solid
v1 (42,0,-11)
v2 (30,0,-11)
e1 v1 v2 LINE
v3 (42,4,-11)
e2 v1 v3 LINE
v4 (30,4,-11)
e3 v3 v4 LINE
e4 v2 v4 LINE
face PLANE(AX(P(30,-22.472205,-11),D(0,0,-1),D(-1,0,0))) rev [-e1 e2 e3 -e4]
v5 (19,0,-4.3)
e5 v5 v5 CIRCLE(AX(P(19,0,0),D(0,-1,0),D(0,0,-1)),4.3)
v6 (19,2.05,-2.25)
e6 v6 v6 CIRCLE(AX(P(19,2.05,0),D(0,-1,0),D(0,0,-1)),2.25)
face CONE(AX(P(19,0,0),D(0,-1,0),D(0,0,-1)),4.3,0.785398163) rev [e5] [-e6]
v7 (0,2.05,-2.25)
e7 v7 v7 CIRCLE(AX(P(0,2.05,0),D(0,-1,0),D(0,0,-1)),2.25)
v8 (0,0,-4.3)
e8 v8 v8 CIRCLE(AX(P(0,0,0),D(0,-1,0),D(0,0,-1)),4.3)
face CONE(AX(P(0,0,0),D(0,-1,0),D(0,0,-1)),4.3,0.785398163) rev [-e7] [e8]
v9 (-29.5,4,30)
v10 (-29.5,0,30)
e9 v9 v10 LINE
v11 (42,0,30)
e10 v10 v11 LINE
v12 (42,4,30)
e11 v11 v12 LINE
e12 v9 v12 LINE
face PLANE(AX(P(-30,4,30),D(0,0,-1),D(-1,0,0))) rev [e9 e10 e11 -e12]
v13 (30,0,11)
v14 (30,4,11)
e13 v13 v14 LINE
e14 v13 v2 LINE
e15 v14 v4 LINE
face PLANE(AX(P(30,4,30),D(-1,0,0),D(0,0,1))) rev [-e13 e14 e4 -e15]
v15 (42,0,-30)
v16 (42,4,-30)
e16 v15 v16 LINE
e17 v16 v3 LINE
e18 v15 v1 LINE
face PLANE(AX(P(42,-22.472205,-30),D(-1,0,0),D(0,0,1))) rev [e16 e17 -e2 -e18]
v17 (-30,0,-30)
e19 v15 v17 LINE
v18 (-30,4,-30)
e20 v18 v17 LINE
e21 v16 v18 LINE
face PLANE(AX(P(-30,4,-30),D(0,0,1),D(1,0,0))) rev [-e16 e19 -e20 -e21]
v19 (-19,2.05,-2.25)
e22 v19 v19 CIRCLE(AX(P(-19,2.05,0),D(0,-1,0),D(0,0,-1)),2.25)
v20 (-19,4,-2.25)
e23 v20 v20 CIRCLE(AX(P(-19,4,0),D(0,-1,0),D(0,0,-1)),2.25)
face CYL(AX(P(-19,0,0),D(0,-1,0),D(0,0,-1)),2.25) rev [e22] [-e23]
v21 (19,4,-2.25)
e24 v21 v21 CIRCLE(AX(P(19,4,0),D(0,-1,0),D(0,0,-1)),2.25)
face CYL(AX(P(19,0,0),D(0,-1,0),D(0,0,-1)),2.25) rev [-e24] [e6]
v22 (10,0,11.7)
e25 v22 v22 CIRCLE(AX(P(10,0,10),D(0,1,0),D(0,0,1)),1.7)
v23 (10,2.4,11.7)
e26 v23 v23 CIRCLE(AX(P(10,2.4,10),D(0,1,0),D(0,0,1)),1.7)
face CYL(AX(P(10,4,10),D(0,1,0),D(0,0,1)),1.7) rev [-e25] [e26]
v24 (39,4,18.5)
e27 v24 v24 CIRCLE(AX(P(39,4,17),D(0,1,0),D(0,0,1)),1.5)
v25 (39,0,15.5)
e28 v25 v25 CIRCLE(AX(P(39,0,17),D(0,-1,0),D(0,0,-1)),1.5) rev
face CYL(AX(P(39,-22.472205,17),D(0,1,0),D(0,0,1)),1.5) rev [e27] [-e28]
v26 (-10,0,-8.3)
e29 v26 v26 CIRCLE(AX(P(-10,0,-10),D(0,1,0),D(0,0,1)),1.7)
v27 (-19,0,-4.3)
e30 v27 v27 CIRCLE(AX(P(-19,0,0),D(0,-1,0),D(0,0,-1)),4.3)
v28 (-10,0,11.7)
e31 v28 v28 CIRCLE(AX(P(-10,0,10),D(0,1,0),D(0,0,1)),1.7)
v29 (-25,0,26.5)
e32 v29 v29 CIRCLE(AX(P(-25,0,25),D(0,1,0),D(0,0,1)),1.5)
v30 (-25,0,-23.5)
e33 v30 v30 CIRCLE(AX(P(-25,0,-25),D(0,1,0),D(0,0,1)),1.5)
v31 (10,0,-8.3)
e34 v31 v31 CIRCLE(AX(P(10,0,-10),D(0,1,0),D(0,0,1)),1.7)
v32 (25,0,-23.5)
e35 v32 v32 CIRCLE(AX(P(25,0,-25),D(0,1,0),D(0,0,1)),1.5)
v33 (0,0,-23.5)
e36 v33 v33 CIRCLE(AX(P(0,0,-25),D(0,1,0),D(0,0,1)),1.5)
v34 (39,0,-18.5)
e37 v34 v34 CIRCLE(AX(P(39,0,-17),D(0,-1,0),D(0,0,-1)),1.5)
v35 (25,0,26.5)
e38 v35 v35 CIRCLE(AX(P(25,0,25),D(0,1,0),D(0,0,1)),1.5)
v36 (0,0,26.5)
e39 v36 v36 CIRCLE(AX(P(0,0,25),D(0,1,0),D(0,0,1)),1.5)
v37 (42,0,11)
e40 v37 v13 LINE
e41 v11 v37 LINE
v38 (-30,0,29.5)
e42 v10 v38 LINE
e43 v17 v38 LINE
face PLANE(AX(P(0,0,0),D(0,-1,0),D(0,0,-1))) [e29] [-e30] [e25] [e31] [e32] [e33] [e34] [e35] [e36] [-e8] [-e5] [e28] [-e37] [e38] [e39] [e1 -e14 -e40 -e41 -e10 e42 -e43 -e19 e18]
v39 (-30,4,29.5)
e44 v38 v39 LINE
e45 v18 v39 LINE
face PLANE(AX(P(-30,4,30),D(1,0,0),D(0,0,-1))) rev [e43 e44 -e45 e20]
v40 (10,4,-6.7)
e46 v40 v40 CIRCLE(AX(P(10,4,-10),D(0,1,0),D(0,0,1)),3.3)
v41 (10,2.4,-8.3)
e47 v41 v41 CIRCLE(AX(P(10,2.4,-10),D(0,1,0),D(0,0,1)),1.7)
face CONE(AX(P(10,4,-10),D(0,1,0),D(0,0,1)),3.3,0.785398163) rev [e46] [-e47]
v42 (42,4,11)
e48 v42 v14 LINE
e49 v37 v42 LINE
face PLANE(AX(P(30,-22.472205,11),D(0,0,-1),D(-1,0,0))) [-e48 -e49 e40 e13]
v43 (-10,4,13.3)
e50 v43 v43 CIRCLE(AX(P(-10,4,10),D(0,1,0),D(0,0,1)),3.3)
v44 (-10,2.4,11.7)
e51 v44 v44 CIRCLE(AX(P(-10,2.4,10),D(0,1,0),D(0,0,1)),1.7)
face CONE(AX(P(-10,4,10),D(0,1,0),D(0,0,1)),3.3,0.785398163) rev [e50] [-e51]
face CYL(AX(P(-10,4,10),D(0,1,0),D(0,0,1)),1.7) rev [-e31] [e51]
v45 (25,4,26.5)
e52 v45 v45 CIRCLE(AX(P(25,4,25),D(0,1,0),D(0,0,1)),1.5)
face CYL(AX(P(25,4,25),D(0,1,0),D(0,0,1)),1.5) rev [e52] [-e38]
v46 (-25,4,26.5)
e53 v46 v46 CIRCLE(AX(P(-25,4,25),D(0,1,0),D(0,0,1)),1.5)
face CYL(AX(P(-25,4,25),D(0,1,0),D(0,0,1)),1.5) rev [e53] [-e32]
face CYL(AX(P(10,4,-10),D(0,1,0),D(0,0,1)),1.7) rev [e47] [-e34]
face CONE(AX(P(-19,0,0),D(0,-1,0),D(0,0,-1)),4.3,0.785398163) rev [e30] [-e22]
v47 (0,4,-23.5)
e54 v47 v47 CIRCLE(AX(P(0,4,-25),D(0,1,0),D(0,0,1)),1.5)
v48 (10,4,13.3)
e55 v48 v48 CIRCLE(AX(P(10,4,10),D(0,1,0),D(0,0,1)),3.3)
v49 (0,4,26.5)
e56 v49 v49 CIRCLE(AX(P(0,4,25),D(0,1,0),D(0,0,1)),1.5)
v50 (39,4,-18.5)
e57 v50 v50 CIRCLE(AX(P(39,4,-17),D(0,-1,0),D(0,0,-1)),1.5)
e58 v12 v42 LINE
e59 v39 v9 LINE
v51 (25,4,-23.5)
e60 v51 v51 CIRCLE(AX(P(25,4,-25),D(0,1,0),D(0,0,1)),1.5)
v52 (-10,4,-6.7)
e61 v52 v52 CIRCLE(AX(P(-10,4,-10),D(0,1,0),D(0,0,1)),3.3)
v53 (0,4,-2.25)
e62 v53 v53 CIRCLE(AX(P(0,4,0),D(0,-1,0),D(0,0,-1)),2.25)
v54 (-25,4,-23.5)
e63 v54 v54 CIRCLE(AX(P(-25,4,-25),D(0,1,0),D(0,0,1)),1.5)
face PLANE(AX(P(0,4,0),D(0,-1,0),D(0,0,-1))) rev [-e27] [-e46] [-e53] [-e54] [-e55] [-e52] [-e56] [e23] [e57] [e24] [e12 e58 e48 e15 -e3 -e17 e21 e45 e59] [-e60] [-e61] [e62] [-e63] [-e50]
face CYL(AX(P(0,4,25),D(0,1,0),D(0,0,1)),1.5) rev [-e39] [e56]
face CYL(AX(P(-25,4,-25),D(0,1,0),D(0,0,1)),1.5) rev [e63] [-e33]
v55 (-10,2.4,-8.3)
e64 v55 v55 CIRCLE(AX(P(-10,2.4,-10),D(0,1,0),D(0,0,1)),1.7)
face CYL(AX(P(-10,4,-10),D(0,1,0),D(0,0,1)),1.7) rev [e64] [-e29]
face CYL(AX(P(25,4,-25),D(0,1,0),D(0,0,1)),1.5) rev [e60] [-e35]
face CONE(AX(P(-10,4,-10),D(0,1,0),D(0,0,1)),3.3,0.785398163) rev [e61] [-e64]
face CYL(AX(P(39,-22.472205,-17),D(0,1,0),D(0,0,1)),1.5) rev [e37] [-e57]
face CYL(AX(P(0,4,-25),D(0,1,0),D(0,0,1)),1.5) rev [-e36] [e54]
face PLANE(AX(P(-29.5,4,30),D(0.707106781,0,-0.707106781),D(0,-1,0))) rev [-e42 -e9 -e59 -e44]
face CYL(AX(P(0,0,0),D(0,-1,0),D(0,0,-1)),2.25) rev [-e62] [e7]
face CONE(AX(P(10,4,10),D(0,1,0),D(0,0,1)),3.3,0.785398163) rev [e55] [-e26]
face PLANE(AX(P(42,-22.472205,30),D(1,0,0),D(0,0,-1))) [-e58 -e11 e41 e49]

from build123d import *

# Parameters (mm, degrees)
SKETCH_1_W                   = 60
SKETCH_1_H                   = 60
EXTRUDE_1_DEPTH              = 4
HOLE_WIZARD_M3_1_D           = 3.4
HOLE_WIZARD_M3_1_CSINK_D     = 6.6
HOLE_WIZARD_M3_1_CSINK_ANGLE = 90
HOLE_WIZARD_M4_1_AT_2_COUNT  = 2
HOLE_WIZARD_M4_1_AT_2_PITCH  = 19
HOLE_WIZARD_M4_1_AT_3_COUNT  = 2
HOLE_WIZARD_M4_1_AT_3_PITCH  = 38
HOLE_WIZARD_1_D              = 3
SKETCH_9_W                   = 12
SKETCH_9_H                   = 19
SKETCH_9_R                   = 1.5
EXTRUDE_3_DEPTH              = 4
CHAMFER_1_SIZE               = 0.5


with BuildPart() as part:
    # 草图1 → 凸台-拉伸1 (new body)
    with BuildSketch(Plane(origin=(0, 0, 0), x_dir=(1, 0, 0), z_dir=(0, 1, 0))):
        Rectangle(SKETCH_1_W, SKETCH_1_H)
    extrude(amount=EXTRUDE_1_DEPTH)

    # M3 十字槽沉头木螺钉的锥形沉头孔1 (through all)
    with Locations(Plane(origin=(0, 4, 0), x_dir=(1, 0, 0), z_dir=(0, 1, 0))):
        with Locations((-10, 10), (10, 10), (10, -10), (-10, -10)):
            CounterSinkHole(HOLE_WIZARD_M3_1_D / 2, HOLE_WIZARD_M3_1_CSINK_D / 2, counter_sink_angle=HOLE_WIZARD_M3_1_CSINK_ANGLE)

    # 草图5 → M4 十字槽沉头木螺钉的锥形沉头孔1 (revolve, cut)
    with BuildSketch(Plane(origin=(-19, 0, 0), x_dir=(0, 0, -1), z_dir=(1, 0, 0))):
        Polygon((0, 0), (0, 4), (2.25, 4), (2.25, 2.05), (4.3, 0), align=None)
    hole_wizard_m4_1 = revolve(axis=Axis((-19, -6.35, 0), (0, 1, 0)), mode=Mode.SUBTRACT)

    # M4 十字槽沉头木螺钉的锥形沉头孔1 at 2: M4 十字槽沉头木螺钉的锥形沉头孔1 ×2
    with Locations(*[(i * HOLE_WIZARD_M4_1_AT_2_PITCH, 0, 0) for i in range(1, HOLE_WIZARD_M4_1_AT_2_COUNT)]):
        add(hole_wizard_m4_1, mode=Mode.SUBTRACT)

    # M4 十字槽沉头木螺钉的锥形沉头孔1 at 3: M4 十字槽沉头木螺钉的锥形沉头孔1 ×2
    with Locations(*[(i * HOLE_WIZARD_M4_1_AT_3_PITCH, 0, 0) for i in range(1, HOLE_WIZARD_M4_1_AT_3_COUNT)]):
        add(hole_wizard_m4_1, mode=Mode.SUBTRACT)

    # 孔1 (through all)
    with Locations(Plane(origin=(0, 4, 0), x_dir=(1, 0, 0), z_dir=(0, 1, 0))):
        with Locations((25, 25), (25, -25), (0, -25), (-25, -25), (-25, 25), (0, 25)):
            Hole(HOLE_WIZARD_1_D / 2)

    # 草图9 → 凸台-拉伸3 (add)
    with BuildSketch(Plane(origin=(0, 4, 0), x_dir=(1, 0, 0), z_dir=(0, 1, 0))):
        with Locations((36, -20.5)):
            Rectangle(SKETCH_9_W, SKETCH_9_H)
        with Locations(Location((39, -17, 0), (0, 0, 270))):
            Circle(SKETCH_9_R, mode=Mode.SUBTRACT)
    extrude_3 = extrude(amount=-EXTRUDE_3_DEPTH)

    # 倒角1
    chamfer_1_edges = [part.edges().sort_by_distance(p)[0] for p in [
        (-30, 2, 30),
    ]]
    chamfer(chamfer_1_edges, length=CHAMFER_1_SIZE)

    # 镜向1: 凸台-拉伸3 across plane
    add(extrude_3.mirror(Plane.XY))


solid = part.part
